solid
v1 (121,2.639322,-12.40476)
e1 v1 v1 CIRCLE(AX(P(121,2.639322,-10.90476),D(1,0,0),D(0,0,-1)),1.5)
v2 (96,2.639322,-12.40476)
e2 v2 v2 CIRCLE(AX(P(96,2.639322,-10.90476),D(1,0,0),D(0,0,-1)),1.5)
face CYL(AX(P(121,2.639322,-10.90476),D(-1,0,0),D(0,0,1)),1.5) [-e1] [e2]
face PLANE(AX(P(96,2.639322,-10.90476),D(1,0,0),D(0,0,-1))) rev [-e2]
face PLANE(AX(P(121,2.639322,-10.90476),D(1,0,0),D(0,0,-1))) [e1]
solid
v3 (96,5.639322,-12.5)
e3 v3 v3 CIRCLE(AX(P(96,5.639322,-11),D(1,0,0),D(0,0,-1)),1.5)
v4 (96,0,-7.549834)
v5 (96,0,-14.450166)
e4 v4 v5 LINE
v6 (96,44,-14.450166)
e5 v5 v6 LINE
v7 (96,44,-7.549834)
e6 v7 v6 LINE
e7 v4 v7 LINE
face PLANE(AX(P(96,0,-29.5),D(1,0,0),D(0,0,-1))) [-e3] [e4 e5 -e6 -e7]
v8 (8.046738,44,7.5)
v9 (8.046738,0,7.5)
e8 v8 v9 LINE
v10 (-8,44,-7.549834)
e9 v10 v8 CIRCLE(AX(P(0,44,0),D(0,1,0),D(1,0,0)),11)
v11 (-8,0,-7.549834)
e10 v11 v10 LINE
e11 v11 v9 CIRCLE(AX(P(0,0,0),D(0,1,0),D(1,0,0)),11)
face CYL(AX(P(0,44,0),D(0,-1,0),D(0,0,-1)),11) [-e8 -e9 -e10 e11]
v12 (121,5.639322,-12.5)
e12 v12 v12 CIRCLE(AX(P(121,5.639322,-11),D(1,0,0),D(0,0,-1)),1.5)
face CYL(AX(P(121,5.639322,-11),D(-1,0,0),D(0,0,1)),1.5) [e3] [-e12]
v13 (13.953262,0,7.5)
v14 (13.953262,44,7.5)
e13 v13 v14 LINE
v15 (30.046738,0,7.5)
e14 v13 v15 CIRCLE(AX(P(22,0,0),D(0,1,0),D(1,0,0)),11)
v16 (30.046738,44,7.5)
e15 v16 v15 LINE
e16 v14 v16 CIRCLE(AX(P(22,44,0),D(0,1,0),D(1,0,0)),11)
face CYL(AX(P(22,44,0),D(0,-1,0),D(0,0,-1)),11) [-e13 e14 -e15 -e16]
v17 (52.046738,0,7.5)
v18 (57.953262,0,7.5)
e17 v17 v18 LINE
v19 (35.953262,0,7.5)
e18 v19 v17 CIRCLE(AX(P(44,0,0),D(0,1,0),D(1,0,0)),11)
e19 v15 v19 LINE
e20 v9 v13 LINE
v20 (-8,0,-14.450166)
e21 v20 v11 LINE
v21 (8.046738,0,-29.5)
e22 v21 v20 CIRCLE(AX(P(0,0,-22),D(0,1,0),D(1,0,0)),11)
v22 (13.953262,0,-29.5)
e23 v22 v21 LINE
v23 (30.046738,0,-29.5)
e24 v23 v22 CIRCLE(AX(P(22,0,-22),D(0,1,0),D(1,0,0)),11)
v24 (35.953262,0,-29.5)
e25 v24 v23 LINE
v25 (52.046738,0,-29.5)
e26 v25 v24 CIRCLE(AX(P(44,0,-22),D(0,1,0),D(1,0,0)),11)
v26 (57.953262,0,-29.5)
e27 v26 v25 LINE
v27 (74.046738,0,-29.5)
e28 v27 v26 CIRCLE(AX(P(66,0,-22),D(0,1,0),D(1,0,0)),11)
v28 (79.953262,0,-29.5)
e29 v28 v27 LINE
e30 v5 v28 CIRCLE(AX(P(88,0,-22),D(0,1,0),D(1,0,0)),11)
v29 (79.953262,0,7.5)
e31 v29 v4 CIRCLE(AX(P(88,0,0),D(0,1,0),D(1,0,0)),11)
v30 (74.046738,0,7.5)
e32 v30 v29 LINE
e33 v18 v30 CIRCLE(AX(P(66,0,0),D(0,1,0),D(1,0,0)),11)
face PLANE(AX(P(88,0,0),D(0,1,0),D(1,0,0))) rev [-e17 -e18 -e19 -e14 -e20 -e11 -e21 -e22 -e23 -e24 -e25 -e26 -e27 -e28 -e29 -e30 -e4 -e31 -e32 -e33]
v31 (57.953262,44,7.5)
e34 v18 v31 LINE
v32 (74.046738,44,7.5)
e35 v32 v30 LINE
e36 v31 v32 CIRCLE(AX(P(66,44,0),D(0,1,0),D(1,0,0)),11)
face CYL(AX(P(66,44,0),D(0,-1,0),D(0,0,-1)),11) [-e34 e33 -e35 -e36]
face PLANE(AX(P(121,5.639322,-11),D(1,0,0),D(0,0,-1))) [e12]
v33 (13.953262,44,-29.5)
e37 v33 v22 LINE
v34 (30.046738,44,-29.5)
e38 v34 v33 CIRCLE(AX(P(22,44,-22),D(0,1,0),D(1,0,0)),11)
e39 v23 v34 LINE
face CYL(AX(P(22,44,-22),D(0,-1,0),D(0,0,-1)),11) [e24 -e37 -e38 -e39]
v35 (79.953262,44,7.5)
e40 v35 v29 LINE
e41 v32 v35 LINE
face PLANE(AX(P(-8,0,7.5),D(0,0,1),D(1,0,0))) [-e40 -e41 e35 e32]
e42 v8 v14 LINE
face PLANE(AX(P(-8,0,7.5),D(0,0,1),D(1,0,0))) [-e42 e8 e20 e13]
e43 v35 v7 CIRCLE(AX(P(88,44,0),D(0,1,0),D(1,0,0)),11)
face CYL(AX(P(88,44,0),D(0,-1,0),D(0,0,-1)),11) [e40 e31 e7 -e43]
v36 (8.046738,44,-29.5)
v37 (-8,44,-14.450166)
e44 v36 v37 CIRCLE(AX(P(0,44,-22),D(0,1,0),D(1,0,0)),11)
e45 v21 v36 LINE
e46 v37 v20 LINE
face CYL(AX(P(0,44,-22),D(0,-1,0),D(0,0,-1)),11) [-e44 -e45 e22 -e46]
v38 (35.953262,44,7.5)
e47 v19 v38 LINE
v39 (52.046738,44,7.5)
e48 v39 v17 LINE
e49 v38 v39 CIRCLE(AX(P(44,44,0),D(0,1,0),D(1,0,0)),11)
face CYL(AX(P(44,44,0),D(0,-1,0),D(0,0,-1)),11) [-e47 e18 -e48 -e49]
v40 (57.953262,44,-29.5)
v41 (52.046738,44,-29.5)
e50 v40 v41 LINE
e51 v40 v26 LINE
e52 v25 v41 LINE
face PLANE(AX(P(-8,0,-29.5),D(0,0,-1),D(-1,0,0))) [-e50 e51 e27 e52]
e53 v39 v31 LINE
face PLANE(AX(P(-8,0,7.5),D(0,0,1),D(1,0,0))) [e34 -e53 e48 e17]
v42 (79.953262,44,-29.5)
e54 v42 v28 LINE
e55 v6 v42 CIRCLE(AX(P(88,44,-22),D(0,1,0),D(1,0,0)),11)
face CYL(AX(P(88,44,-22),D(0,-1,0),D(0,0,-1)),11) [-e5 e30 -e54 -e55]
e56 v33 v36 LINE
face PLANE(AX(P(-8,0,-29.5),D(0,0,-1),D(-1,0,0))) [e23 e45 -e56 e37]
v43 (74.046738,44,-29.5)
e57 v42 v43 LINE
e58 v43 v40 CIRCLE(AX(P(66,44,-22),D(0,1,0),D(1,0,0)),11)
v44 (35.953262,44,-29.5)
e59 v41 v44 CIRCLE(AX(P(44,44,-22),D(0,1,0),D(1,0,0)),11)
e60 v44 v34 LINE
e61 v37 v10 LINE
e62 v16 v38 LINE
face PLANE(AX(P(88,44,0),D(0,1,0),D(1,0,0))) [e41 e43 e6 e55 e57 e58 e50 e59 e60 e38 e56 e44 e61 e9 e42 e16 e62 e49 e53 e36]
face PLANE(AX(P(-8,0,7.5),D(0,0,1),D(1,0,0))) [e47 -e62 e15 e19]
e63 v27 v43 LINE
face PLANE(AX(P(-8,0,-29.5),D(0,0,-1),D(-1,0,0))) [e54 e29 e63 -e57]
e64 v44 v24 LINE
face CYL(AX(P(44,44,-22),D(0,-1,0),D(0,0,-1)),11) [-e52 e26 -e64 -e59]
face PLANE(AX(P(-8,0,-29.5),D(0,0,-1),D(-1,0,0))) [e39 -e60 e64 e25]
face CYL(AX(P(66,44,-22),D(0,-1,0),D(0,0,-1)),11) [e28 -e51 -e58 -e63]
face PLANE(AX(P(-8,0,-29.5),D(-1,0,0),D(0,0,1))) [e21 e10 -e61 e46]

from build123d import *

# Parameters (mm, degrees)
SKETCH1_R         = 11
EXTRUDE1_DEPTH    = 44
EXTRUDE1_2_DEPTH  = 44
EXTRUDE1_3_DEPTH  = 44
EXTRUDE1_4_DEPTH  = 44
EXTRUDE1_5_DEPTH  = 44
EXTRUDE1_6_DEPTH  = 44
EXTRUDE1_7_DEPTH  = 44
EXTRUDE1_8_DEPTH  = 44
EXTRUDE1_9_DEPTH  = 44
EXTRUDE1_10_DEPTH = 44
SKETCH2_W         = 104
SKETCH2_H         = 37
EXTRUDE7_DEPTH    = 44
SKETCH4_R         = 1.5
EXTRUDE12_DEPTH   = 25
SKETCH5_R         = 1.5
EXTRUDE14_DEPTH   = 25


with BuildPart() as part:
    # Sketch1 → Extrude1 (new body)
    with BuildSketch(Plane(origin=(0, 0, 0), x_dir=(1, 0, 0), z_dir=(0, 1, 0))):
        Circle(SKETCH1_R)
    extrude(amount=EXTRUDE1_DEPTH)



with BuildPart() as body_2:
    # Sketch1 → Extrude1 2 (new body)
    with BuildSketch(Plane(origin=(0, 0, 0), x_dir=(1, 0, 0), z_dir=(0, 1, 0))):
        with Locations((22, 0)):
            Circle(SKETCH1_R)
    extrude(amount=EXTRUDE1_2_DEPTH)


with BuildPart() as body_3:
    # Sketch1 → Extrude1 3 (new body)
    with BuildSketch(Plane(origin=(0, 0, 0), x_dir=(1, 0, 0), z_dir=(0, 1, 0))):
        with Locations((44, 0)):
            Circle(SKETCH1_R)
    extrude(amount=EXTRUDE1_3_DEPTH)


with BuildPart() as body_4:
    # Sketch1 → Extrude1 4 (new body)
    with BuildSketch(Plane(origin=(0, 0, 0), x_dir=(1, 0, 0), z_dir=(0, 1, 0))):
        with Locations((66, 0)):
            Circle(SKETCH1_R)
    extrude(amount=EXTRUDE1_4_DEPTH)


with BuildPart() as body_5:
    # Sketch1 → Extrude1 5 (new body)
    with BuildSketch(Plane(origin=(0, 0, 0), x_dir=(1, 0, 0), z_dir=(0, 1, 0))):
        with Locations((88, 0)):
            Circle(SKETCH1_R)
    extrude(amount=EXTRUDE1_5_DEPTH)


with BuildPart() as body_6:
    # Sketch1 → Extrude1 6 (new body)
    with BuildSketch(Plane(origin=(0, 0, 0), x_dir=(1, 0, 0), z_dir=(0, 1, 0))):
        with Locations((0, 22)):
            Circle(SKETCH1_R)
    extrude(amount=EXTRUDE1_6_DEPTH)


with BuildPart() as body_7:
    # Sketch1 → Extrude1 7 (new body)
    with BuildSketch(Plane(origin=(0, 0, 0), x_dir=(1, 0, 0), z_dir=(0, 1, 0))):
        with Locations((22, 22)):
            Circle(SKETCH1_R)
    extrude(amount=EXTRUDE1_7_DEPTH)


with BuildPart() as body_8:
    # Sketch1 → Extrude1 8 (new body)
    with BuildSketch(Plane(origin=(0, 0, 0), x_dir=(1, 0, 0), z_dir=(0, 1, 0))):
        with Locations((44, 22)):
            Circle(SKETCH1_R)
    extrude(amount=EXTRUDE1_8_DEPTH)


with BuildPart() as body_9:
    # Sketch1 → Extrude1 9 (new body)
    with BuildSketch(Plane(origin=(0, 0, 0), x_dir=(1, 0, 0), z_dir=(0, 1, 0))):
        with Locations((66, 22)):
            Circle(SKETCH1_R)
    extrude(amount=EXTRUDE1_9_DEPTH)


with BuildPart() as body_10:
    # Sketch1 → Extrude1 10 (new body)
    with BuildSketch(Plane(origin=(0, 0, 0), x_dir=(1, 0, 0), z_dir=(0, 1, 0))):
        with Locations((88, 22)):
            Circle(SKETCH1_R)
    extrude(amount=EXTRUDE1_10_DEPTH)


with BuildPart() as part_1:
    add(part.part)

    add(body_2.part)  # Extrude7 merges body 2

    add(body_3.part)  # Extrude7 merges body 3

    add(body_4.part)  # Extrude7 merges body 4

    add(body_5.part)  # Extrude7 merges body 5

    add(body_6.part)  # Extrude7 merges body 6

    add(body_7.part)  # Extrude7 merges body 7

    add(body_8.part)  # Extrude7 merges body 8

    add(body_9.part)  # Extrude7 merges body 9

    add(body_10.part)  # Extrude7 merges body 10
    # Sketch2 → Extrude7 (add)
    with BuildSketch(Plane(origin=(0, 44, 0), x_dir=(1, 0, 0), z_dir=(0, 1, 0))):
        with Locations((44, 11)):
            Rectangle(SKETCH2_W, SKETCH2_H)
    extrude(amount=-EXTRUDE7_DEPTH)

    # Sketch4 → Extrude12 (add)
    with BuildSketch(Plane(origin=(96, 0, 0), x_dir=(0, 0, -1), z_dir=(1, 0, 0))):
        with Locations((11, 5.639322164)):
            Circle(SKETCH4_R)
    extrude(amount=EXTRUDE12_DEPTH)


with BuildPart() as body_2_2:
    # Sketch5 → Extrude14 (new body)
    with BuildSketch(Plane(origin=(96, 0, 0), x_dir=(0, 0, -1), z_dir=(1, 0, 0))):
        with Locations((10.904759515, 2.639322164)):
            Circle(SKETCH5_R)
    extrude(amount=EXTRUDE14_DEPTH)


solid = Compound([part_1.part, body_2_2.part])
